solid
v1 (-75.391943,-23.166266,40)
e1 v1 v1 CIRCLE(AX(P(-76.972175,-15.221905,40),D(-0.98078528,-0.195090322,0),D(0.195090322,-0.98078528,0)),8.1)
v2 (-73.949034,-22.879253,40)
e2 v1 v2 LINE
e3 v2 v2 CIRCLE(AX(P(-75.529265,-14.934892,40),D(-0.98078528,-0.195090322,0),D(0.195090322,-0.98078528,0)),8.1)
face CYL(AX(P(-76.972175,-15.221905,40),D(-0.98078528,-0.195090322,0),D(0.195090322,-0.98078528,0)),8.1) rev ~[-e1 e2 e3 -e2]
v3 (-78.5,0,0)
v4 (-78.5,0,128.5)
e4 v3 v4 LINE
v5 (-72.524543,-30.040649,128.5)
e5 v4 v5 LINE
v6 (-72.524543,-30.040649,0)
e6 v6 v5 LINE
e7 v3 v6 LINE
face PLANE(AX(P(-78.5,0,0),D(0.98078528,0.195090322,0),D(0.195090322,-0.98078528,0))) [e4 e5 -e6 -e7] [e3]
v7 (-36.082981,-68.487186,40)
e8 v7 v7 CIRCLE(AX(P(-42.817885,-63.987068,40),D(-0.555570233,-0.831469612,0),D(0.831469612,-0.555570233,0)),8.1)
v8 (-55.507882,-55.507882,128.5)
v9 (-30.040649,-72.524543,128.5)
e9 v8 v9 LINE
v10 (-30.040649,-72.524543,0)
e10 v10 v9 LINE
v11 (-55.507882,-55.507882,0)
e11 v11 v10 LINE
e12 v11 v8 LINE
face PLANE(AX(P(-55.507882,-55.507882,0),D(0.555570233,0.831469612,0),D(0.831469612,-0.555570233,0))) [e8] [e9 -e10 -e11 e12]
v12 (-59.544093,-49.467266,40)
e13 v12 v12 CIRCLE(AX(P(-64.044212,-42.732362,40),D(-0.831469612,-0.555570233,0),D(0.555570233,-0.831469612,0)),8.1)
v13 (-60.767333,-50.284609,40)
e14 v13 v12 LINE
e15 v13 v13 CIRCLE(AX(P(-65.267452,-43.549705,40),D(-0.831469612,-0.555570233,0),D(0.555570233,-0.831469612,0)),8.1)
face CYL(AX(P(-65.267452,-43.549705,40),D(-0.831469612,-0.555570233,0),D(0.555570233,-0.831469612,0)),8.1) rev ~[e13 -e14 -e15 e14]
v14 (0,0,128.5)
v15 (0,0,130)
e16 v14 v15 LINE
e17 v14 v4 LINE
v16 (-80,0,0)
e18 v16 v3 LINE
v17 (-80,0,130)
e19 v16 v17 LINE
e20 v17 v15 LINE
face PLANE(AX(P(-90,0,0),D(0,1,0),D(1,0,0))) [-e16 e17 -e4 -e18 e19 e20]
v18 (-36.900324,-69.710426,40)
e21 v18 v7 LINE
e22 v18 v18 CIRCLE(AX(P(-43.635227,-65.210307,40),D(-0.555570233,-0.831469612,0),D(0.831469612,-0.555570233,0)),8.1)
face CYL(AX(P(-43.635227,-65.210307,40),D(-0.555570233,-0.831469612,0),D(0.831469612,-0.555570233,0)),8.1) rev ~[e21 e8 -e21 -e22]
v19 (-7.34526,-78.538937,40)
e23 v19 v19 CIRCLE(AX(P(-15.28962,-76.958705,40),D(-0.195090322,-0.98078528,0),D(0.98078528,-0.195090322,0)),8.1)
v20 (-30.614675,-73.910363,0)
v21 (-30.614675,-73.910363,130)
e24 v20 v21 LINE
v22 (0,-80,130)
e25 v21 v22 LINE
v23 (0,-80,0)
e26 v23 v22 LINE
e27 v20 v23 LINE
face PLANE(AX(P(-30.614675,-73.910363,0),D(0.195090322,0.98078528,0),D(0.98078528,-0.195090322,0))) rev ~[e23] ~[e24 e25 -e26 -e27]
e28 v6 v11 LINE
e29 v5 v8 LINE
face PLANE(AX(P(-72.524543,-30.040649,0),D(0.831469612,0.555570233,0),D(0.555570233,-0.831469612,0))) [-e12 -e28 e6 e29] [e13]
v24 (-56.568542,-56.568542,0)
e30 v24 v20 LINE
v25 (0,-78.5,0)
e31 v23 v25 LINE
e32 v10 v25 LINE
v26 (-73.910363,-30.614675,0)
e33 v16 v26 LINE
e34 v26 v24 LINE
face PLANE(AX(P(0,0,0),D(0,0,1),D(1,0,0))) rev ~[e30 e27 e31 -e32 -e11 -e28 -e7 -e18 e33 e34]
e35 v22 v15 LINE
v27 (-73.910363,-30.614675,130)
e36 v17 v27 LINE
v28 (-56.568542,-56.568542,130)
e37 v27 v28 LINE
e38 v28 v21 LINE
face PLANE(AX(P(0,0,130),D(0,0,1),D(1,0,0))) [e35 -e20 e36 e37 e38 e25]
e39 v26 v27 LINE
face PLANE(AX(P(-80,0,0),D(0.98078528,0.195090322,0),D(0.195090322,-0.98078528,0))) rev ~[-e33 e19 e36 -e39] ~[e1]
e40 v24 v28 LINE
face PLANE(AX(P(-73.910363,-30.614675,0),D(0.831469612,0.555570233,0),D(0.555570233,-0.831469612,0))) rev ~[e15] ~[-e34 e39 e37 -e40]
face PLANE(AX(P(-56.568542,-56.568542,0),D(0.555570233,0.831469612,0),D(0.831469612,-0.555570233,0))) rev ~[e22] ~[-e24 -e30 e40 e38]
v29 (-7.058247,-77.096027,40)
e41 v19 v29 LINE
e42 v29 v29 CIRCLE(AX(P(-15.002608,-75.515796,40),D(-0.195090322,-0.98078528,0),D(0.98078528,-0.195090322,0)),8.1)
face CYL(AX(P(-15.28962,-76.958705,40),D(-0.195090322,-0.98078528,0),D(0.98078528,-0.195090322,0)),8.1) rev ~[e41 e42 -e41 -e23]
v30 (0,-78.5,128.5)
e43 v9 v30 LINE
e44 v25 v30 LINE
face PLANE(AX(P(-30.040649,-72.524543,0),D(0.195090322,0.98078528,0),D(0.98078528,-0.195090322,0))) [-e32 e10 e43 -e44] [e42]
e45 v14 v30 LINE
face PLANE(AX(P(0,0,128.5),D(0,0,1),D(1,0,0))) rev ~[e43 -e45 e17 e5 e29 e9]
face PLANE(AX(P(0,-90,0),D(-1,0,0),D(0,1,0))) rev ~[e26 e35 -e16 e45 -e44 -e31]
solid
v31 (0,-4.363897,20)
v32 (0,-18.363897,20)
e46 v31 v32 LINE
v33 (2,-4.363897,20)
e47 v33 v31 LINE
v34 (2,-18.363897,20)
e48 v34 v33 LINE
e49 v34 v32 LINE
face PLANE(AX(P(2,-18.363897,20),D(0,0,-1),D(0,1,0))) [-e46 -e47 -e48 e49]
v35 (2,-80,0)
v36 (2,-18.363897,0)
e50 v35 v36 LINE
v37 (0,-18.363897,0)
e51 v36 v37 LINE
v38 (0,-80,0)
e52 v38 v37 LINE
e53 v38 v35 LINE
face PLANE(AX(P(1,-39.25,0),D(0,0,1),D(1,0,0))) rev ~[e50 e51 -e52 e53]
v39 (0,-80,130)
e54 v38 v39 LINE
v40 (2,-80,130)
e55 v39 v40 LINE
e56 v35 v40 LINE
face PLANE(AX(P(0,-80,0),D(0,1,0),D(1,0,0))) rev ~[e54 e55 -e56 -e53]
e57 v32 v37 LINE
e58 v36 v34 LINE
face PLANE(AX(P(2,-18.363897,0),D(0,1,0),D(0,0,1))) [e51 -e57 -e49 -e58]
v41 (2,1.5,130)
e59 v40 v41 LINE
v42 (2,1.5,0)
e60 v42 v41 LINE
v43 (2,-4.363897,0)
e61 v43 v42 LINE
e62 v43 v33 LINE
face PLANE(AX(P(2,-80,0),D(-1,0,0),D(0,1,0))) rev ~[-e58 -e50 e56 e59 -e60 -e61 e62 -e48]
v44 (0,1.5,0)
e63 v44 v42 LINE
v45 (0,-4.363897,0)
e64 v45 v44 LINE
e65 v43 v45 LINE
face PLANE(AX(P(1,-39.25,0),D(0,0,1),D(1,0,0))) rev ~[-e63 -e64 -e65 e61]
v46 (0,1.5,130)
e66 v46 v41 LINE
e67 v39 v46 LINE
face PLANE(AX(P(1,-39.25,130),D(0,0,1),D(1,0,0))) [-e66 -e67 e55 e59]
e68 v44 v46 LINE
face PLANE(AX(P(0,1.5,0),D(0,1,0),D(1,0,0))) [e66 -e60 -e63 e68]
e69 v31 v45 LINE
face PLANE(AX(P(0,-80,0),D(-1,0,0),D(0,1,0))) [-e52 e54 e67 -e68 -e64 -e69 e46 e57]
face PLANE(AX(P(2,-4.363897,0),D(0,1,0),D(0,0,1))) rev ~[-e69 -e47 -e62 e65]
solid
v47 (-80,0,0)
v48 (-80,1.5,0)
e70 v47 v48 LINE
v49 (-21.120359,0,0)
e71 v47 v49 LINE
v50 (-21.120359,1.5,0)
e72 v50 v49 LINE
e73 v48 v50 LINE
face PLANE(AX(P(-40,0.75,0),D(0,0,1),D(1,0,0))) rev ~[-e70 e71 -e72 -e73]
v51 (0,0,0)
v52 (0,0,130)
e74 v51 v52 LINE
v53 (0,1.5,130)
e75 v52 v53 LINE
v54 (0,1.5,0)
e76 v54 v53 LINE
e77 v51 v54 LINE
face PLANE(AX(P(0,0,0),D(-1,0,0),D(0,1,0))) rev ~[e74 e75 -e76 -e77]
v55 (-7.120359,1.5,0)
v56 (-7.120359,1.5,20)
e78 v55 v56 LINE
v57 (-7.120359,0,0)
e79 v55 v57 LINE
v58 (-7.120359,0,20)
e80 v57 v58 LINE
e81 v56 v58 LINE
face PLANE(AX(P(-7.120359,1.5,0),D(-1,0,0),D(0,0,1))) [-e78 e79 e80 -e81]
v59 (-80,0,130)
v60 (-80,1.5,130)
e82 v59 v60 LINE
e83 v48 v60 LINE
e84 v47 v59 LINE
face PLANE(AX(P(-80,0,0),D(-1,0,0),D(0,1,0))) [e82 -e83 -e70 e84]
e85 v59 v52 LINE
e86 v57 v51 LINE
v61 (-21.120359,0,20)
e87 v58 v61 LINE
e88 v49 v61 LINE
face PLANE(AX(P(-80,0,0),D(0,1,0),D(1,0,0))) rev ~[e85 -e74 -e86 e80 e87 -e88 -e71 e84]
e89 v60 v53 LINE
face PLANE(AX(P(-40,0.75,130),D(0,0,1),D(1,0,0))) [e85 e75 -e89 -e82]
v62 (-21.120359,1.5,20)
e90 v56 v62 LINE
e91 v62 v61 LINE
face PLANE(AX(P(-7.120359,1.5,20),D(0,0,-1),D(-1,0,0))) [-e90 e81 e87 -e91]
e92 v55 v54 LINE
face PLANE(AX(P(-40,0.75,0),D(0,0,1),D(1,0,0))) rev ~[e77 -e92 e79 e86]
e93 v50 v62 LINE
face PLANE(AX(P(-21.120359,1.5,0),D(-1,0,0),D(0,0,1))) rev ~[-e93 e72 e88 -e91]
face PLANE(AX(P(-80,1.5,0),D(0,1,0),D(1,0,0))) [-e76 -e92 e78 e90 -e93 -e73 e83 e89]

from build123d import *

# Parameters (mm, degrees)
BOX001_W        = 90
BOX001_H        = 90
BOX001_DEPTH    = 130
BOX_W           = 90
BOX_H           = 180
BOX_DEPTH       = 130
PRISM001_DEPTH  = 128.5
PRISM_DEPTH     = 130
SKETCH001_R     = 8.1
POCKET_DEPTH    = 3
SKETCH002_R     = 8.1
POCKET001_DEPTH = 3
SKETCH003_R     = 8.1
POCKET002_DEPTH = 3
SKETCH004_R     = 8.1
POCKET003_DEPTH = 3
BOX003_W        = 2
BOX003_H        = 81.5
BOX003_DEPTH    = 130
SKETCH005_W     = 14
SKETCH005_H     = 20
POCKET004_DEPTH = 3
BOX002_W        = 80
BOX002_H        = 1.5
BOX002_DEPTH    = 130
SKETCH006_W     = 14
SKETCH006_H     = 20
POCKET005_DEPTH = 2


with BuildPart() as cubo001:
    # Box001 → Box001 (new body)
    with BuildSketch(Plane(origin=(-90, 0, 0), x_dir=(1, 0, 0), z_dir=(0, 0, 1))):
        with Locations((45, 45)):
            Rectangle(BOX001_W, BOX001_H)
    extrude(amount=BOX001_DEPTH)


with BuildPart() as cubo:
    # Box → Box (new body)
    with BuildSketch(Plane(origin=(0, -90, 0), x_dir=(1, 0, 0), z_dir=(0, 0, 1))):
        with Locations((45, 90)):
            Rectangle(BOX_W, BOX_H)
    extrude(amount=BOX_DEPTH)


with BuildPart() as prisma001:
    # Prism001 → Prism001 (new body)
    with BuildSketch(Plane.XY):
        Polygon((78.5, 0), (72.5245433021, 30.0406494407), (55.5078823231, 55.5078823231), (30.0406494407, 72.5245433021), (0, 78.5), (-30.0406494407, 72.5245433021), (-55.5078823231, 55.5078823231), (-72.5245433021, 30.0406494407), (-78.5, 0), (-72.5245433021, -30.0406494407), (-55.5078823231, -55.5078823231), (-30.0406494407, -72.5245433021), (0, -78.5), (30.0406494407, -72.5245433021), (55.5078823231, -55.5078823231), (72.5245433021, -30.0406494407), align=None)
    extrude(amount=PRISM001_DEPTH)


with BuildPart() as pocket003:
    # Prism → Prism (new body)
    with BuildSketch(Plane.XY):
        Polygon((80, 0), (73.9103626009, 30.6146745892), (56.5685424949, 56.5685424949), (30.6146745892, 73.9103626009), (0, 80), (-30.6146745892, 73.9103626009), (-56.5685424949, 56.5685424949), (-73.9103626009, 30.6146745892), (-80, 0), (-73.9103626009, -30.6146745892), (-56.5685424949, -56.5685424949), (-30.6146745892, -73.9103626009), (0, -80), (30.6146745892, -73.9103626009), (56.5685424949, -56.5685424949), (73.9103626009, -30.6146745892), align=None)
    extrude(amount=PRISM_DEPTH)

    # Cut: cut Prisma001
    add(prisma001.part, mode=Mode.SUBTRACT)

    # Cut001: cut Cubo
    add(cubo.part, mode=Mode.SUBTRACT)

    # Cut002: cut Cubo001
    add(cubo001.part, mode=Mode.SUBTRACT)

    # Sketch001 → Pocket (cut)
    with BuildSketch(Plane(origin=(-76.9551813005, -15.3073372946, 0), x_dir=(0.195090322, -0.9807852804, 0), z_dir=(-0.9807852804, -0.195090322, 0))):
        with Locations((-0.087106, 40)):
            Circle(SKETCH001_R)
    extrude(amount=-POCKET_DEPTH, mode=Mode.SUBTRACT)

    # Sketch002 → Pocket001 (cut)
    with BuildSketch(Plane(origin=(-65.2394525479, -43.5916085421, 0), x_dir=(0.555570233, -0.8314696123, 0), z_dir=(-0.8314696123, -0.555570233, 0))):
        with Locations((-0.050397, 40)):
            Circle(SKETCH002_R)
    extrude(amount=-POCKET001_DEPTH, mode=Mode.SUBTRACT)

    # Sketch003 → Pocket002 (cut)
    with BuildSketch(Plane(origin=(-43.5916085421, -65.2394525479, 0), x_dir=(0.8314696123, -0.555570233, 0), z_dir=(-0.555570233, -0.8314696123, 0))):
        with Locations((-0.05246, 40)):
            Circle(SKETCH003_R)
    extrude(amount=-POCKET002_DEPTH, mode=Mode.SUBTRACT)

    # Sketch004 → Pocket003 (cut)
    with BuildSketch(Plane(origin=(-15.3073372946, -76.9551813005, 0), x_dir=(0.9807852804, -0.195090322, 0), z_dir=(-0.195090322, -0.9807852804, 0))):
        with Locations((0.018064, 40)):
            Circle(SKETCH004_R)
    extrude(amount=-POCKET003_DEPTH, mode=Mode.SUBTRACT)


with BuildPart() as pocket004:
    # Box003 → Box003 (new body)
    with BuildSketch(Plane(origin=(0, -80, 0), x_dir=(1, 0, 0), z_dir=(0, 0, 1))):
        with Locations((1, 40.75)):
            Rectangle(BOX003_W, BOX003_H)
    extrude(amount=BOX003_DEPTH)

    # Sketch005 → Pocket004 (cut)
    with BuildSketch(Plane(origin=(2, -80, 0), x_dir=(0, 1, 0), z_dir=(1, 0, 0))):
        with Locations((68.6361033238, 10)):
            Rectangle(SKETCH005_W, SKETCH005_H)
    extrude(amount=-POCKET004_DEPTH, mode=Mode.SUBTRACT)


with BuildPart() as pocket005:
    # Box002 → Box002 (new body)
    with BuildSketch(Plane(origin=(-80, 0, 0), x_dir=(1, 0, 0), z_dir=(0, 0, 1))):
        with Locations((40, 0.75)):
            Rectangle(BOX002_W, BOX002_H)
    extrude(amount=BOX002_DEPTH)

    # Sketch006 → Pocket005 (cut)
    with BuildSketch(Plane(origin=(-80, 1.5, 0), x_dir=(-1, 0, 0), z_dir=(0, 1, 0))):
        with Locations((-65.8796411845, 10)):
            Rectangle(SKETCH006_W, SKETCH006_H)
    extrude(amount=-POCKET005_DEPTH, mode=Mode.SUBTRACT)


solid = Compound([pocket003.part, pocket004.part, pocket005.part])
